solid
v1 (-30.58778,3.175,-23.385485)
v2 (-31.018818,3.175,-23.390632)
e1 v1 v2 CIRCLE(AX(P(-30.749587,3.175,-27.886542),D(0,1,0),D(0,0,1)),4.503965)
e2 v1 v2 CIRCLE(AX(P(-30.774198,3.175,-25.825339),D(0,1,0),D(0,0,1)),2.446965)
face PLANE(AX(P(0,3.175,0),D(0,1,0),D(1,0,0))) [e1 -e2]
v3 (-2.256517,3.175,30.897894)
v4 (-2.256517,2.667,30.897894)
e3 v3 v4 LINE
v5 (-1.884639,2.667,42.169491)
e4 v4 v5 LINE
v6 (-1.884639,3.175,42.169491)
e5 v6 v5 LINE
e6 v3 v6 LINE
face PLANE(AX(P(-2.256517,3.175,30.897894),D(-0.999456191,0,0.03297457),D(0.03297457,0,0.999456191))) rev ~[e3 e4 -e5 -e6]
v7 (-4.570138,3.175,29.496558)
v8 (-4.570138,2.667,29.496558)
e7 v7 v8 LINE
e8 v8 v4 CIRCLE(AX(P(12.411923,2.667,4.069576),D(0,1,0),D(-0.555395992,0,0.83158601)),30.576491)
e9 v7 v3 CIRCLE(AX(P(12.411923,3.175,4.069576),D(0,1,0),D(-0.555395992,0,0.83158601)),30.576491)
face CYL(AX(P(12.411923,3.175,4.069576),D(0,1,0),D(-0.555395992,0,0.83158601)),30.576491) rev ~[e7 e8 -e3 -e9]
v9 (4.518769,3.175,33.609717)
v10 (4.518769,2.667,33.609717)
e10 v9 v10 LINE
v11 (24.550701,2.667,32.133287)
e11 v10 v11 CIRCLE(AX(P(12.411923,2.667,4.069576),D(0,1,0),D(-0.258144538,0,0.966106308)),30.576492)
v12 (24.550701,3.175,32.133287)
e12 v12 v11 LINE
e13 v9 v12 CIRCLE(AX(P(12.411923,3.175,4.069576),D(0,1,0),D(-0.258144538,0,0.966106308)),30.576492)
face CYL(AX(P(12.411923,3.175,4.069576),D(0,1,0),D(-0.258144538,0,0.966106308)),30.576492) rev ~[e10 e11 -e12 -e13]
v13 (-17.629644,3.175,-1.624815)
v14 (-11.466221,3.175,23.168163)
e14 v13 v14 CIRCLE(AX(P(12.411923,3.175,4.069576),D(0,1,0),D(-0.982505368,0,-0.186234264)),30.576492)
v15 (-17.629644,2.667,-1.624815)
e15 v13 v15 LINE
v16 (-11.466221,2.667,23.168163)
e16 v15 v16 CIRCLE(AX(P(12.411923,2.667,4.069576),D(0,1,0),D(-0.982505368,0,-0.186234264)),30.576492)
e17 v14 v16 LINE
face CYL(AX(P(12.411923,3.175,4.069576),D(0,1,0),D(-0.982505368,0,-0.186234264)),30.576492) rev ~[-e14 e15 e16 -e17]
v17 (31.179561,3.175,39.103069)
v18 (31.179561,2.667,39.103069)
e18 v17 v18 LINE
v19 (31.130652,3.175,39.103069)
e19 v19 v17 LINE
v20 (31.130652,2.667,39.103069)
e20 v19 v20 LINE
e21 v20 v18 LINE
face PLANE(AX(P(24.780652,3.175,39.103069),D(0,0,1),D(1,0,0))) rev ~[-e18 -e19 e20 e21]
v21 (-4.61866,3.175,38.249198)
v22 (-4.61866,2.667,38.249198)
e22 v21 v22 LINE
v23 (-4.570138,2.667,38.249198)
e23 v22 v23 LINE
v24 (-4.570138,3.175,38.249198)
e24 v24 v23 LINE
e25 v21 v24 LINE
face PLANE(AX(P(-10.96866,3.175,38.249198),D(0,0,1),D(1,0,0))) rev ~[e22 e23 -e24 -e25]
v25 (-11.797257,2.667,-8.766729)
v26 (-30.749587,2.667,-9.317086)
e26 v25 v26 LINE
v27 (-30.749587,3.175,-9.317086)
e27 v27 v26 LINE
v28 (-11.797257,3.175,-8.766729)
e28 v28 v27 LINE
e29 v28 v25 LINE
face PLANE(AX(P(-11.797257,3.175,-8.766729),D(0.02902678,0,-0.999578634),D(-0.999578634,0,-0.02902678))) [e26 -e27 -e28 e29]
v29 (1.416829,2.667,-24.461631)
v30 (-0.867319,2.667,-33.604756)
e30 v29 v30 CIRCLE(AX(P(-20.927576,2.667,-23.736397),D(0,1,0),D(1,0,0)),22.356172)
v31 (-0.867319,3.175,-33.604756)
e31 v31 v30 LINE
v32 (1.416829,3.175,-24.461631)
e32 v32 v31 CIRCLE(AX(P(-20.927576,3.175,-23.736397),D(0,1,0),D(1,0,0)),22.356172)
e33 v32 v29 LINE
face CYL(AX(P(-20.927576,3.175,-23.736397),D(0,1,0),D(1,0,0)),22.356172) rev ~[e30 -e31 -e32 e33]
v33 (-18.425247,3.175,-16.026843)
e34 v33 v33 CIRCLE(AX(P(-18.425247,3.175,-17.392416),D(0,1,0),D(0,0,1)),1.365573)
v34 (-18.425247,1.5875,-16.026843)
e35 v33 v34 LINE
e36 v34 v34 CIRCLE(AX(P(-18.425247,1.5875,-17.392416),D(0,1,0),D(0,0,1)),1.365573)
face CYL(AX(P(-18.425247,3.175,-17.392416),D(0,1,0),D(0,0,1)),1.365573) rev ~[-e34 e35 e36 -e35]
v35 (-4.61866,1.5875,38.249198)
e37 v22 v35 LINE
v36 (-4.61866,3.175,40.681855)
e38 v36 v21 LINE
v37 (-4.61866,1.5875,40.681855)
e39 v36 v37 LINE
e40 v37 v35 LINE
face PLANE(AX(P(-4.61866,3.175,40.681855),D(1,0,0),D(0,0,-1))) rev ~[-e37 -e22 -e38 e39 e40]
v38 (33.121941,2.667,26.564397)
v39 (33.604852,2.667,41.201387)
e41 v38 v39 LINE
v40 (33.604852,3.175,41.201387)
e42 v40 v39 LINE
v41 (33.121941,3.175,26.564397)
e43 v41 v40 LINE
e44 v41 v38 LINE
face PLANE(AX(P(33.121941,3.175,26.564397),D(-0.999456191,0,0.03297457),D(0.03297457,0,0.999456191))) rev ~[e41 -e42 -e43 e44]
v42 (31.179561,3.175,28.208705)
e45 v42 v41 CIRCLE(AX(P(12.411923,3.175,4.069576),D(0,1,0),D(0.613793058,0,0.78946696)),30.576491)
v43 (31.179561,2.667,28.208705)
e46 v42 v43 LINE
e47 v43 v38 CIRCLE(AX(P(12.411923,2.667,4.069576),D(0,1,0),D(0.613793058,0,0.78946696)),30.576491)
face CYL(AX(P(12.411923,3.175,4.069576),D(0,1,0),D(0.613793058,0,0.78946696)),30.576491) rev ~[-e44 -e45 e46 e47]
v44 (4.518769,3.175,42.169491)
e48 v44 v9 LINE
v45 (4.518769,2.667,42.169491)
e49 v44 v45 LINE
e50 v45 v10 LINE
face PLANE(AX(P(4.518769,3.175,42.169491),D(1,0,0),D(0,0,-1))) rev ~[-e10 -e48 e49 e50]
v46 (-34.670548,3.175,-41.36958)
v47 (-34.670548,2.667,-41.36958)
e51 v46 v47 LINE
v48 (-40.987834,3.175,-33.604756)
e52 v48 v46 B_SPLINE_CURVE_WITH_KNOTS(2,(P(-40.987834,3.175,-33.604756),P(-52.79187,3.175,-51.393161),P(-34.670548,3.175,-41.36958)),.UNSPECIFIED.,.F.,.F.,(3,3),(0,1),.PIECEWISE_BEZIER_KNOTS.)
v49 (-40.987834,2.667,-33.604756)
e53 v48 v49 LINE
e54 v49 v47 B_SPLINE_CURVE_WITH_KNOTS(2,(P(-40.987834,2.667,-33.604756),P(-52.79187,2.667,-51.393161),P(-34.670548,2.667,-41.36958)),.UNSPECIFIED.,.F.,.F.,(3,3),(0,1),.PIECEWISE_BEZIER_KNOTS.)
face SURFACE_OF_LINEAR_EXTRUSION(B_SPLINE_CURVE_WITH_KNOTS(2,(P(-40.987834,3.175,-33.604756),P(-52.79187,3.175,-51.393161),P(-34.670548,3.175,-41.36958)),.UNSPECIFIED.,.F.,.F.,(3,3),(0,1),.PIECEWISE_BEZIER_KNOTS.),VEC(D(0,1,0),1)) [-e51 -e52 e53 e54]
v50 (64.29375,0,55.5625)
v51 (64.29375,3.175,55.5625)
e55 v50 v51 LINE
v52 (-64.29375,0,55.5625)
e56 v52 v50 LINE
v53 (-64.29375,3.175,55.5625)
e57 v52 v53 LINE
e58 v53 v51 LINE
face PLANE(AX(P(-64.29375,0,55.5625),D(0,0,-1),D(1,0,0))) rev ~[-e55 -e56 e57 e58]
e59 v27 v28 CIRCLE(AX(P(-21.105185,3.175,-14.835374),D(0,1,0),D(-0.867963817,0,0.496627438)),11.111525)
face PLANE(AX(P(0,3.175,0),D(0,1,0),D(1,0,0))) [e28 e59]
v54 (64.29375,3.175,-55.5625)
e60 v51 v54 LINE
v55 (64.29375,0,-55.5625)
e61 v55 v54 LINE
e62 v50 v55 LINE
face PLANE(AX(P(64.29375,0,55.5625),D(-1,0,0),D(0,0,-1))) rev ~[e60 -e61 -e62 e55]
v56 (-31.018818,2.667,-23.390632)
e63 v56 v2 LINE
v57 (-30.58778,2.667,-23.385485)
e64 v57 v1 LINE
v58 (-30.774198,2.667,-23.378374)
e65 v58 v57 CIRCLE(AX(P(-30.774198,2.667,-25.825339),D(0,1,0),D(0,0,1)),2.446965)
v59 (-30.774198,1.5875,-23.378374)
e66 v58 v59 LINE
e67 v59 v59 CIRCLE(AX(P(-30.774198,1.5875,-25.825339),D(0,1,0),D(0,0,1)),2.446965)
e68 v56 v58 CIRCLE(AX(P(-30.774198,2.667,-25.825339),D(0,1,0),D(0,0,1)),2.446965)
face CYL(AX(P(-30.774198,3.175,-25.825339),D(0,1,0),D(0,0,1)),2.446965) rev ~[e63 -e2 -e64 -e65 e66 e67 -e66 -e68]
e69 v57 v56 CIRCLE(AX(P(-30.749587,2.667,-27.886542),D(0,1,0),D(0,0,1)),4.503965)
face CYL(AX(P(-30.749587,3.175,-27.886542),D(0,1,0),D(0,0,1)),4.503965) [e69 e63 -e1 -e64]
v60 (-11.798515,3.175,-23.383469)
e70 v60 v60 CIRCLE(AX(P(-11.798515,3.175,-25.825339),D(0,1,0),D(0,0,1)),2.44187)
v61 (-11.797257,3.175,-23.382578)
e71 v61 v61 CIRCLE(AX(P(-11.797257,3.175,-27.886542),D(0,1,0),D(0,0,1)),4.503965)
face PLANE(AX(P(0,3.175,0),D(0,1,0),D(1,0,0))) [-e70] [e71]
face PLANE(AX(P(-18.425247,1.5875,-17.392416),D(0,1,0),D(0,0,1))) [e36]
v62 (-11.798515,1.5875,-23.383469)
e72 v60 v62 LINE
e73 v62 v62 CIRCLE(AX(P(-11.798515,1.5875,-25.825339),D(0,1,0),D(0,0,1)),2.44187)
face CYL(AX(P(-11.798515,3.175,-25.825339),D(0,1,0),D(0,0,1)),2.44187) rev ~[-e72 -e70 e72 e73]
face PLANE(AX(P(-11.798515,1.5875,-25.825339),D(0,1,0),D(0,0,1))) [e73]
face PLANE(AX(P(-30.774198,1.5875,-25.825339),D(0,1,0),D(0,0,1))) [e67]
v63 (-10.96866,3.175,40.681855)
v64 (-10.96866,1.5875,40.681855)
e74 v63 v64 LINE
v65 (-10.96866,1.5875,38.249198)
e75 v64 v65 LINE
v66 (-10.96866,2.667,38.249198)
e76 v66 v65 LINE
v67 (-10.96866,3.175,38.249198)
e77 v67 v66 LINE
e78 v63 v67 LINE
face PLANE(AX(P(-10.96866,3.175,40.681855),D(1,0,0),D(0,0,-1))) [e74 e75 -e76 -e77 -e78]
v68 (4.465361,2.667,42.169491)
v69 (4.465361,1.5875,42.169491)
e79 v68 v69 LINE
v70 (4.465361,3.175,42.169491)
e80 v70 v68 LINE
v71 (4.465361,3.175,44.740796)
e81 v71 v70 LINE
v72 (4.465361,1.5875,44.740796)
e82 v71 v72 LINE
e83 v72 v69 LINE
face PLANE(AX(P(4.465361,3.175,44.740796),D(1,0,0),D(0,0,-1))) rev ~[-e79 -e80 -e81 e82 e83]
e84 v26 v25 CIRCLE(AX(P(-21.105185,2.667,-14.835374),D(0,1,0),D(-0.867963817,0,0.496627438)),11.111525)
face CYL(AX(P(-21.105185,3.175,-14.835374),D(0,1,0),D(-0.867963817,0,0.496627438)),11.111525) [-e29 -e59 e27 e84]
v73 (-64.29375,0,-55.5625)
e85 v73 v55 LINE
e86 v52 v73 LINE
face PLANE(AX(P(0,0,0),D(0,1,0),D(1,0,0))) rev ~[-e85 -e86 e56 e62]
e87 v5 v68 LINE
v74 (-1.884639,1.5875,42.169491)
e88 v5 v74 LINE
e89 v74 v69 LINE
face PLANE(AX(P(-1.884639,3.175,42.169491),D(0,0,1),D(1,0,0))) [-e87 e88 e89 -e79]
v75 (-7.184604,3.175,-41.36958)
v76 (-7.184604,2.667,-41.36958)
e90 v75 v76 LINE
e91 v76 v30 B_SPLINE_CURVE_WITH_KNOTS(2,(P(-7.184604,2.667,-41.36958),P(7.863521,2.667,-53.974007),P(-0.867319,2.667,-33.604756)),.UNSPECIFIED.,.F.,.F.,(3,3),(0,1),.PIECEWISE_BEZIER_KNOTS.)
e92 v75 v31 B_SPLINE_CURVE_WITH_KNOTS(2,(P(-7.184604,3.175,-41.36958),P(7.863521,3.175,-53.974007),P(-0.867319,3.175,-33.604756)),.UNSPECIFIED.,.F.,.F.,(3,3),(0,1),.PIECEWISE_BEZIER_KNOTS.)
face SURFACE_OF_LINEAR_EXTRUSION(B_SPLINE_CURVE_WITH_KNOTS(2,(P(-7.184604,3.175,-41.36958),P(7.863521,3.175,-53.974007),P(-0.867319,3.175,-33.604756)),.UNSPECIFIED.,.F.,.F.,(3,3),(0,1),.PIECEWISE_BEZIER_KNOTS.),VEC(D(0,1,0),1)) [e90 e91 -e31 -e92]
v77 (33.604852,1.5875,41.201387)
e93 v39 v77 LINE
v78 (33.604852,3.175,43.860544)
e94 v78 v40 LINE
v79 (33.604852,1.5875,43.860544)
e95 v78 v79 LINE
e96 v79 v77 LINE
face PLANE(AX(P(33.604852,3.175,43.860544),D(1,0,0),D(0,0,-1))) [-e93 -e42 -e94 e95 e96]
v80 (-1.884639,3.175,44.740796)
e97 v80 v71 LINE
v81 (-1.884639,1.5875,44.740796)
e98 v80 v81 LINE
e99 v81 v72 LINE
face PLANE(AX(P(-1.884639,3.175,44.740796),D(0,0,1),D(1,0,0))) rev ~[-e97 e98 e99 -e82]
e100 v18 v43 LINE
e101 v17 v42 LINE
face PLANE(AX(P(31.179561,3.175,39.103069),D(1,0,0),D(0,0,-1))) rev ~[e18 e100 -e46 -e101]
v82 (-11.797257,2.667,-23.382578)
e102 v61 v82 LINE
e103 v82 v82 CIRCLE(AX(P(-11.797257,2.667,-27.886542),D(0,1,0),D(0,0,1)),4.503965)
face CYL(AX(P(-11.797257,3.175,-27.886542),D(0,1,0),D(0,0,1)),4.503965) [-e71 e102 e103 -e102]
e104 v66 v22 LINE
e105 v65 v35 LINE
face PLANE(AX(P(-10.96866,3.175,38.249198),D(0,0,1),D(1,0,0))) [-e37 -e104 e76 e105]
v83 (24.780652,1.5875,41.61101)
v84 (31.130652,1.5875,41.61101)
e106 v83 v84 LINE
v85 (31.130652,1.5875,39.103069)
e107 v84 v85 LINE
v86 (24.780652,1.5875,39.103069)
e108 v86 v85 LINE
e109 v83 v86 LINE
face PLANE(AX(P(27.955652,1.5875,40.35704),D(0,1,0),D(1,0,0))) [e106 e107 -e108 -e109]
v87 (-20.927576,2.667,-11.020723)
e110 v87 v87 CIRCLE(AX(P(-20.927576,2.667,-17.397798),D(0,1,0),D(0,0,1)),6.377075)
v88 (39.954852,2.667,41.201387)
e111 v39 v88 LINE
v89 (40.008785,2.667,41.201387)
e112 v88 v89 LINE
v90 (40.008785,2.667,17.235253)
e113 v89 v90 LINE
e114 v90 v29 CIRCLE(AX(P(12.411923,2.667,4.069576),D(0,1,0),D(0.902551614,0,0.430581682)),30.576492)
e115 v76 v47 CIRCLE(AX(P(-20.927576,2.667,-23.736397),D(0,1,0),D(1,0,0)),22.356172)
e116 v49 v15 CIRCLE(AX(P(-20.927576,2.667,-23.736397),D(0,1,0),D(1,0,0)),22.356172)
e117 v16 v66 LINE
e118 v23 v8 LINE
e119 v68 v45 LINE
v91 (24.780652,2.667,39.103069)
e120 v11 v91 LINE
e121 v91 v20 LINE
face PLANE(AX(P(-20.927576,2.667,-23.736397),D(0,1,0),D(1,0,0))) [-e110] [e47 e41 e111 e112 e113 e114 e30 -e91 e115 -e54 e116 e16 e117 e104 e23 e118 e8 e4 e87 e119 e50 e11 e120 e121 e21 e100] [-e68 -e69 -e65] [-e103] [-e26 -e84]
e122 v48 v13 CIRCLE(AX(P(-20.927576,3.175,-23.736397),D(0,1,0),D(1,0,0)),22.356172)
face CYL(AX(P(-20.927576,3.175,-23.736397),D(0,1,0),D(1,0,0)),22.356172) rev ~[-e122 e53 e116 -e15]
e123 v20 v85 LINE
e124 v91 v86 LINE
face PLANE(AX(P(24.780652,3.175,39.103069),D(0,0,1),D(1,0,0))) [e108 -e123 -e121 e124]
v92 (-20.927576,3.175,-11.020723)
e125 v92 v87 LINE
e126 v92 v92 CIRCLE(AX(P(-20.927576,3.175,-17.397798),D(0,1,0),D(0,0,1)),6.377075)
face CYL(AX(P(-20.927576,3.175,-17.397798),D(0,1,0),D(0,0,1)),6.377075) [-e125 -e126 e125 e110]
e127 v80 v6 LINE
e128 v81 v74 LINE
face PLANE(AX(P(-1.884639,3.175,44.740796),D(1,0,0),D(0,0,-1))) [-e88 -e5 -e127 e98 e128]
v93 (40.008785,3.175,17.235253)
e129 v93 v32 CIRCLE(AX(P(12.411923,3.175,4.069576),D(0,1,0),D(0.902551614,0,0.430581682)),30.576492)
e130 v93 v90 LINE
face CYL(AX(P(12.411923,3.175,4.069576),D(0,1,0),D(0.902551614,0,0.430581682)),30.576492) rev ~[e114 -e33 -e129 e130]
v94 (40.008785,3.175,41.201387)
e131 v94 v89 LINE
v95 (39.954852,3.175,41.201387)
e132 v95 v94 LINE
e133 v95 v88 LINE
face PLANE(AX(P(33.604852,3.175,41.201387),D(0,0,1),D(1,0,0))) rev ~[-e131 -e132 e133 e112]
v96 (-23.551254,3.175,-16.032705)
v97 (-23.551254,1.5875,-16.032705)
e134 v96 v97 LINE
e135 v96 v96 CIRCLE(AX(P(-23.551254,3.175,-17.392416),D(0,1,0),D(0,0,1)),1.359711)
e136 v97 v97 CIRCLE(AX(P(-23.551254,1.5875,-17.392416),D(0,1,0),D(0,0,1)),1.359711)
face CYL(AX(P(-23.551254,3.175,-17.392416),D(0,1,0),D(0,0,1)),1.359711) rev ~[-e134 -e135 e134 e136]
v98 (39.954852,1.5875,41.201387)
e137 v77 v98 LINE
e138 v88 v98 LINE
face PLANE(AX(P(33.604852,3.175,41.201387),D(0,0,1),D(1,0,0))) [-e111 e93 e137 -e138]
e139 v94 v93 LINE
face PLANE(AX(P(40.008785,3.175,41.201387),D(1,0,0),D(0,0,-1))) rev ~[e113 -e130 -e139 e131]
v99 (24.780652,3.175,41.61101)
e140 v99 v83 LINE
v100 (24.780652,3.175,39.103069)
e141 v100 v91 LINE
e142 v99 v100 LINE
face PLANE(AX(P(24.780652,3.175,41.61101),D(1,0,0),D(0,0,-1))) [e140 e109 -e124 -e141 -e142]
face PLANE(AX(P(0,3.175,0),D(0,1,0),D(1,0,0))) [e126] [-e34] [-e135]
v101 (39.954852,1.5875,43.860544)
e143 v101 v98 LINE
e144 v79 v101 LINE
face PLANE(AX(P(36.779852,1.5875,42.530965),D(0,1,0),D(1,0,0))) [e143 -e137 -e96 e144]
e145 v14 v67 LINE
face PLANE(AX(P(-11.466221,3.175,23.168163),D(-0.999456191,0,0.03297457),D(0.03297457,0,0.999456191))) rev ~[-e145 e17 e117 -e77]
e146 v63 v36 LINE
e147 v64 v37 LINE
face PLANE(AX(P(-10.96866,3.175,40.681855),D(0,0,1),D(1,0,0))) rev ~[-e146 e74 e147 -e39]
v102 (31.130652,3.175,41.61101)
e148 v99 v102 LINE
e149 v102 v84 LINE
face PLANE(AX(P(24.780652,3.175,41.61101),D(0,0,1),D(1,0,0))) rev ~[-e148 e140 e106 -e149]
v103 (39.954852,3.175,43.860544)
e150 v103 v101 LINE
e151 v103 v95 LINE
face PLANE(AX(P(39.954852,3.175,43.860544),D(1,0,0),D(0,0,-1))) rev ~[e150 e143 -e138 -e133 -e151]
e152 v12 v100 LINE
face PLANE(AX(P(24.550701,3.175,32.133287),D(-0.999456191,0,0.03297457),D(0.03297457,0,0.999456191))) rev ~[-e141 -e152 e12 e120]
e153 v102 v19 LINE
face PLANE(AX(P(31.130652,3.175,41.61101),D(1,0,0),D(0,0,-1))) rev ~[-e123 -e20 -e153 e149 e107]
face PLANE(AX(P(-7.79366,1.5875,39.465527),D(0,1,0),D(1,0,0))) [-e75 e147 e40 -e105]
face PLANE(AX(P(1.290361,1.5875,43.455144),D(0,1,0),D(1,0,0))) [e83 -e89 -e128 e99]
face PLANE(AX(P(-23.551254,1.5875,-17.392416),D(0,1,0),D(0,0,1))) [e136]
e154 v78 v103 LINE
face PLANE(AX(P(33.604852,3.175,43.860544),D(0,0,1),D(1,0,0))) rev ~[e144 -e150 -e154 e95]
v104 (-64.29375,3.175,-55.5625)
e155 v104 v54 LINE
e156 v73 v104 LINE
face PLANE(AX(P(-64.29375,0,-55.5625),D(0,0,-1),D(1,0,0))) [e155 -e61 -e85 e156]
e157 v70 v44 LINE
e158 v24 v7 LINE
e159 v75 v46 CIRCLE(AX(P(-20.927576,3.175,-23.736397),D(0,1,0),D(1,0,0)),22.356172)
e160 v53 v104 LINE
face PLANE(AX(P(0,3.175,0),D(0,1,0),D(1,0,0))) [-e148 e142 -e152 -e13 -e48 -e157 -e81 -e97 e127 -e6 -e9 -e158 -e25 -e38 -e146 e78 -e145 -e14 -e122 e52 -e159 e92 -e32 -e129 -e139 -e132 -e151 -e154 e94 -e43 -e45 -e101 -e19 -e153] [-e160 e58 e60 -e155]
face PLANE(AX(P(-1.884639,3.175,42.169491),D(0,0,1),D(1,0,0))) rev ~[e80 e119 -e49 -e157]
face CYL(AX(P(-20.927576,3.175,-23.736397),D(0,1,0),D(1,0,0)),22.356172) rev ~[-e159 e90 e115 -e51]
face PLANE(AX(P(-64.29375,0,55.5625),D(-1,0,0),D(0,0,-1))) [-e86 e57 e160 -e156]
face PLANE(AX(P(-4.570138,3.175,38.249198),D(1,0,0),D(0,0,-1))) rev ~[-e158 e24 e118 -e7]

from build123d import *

# Parameters (mm, degrees)
SKETCH1_W           = 128.5875
SKETCH1_H           = 111.125
BOSS_EXTRUDE1_DEPTH = 3.175
SKETCH2_R           = 4.503964563
SKETCH2_R_2         = 6.377074628
CUT_EXTRUDE1_DEPTH  = 0.508
SKETCH4_R           = 2.446965281
SKETCH4_R_2         = 2.441870248
SKETCH4_R_3         = 1.365573368
SKETCH4_R_4         = 1.359710966
SKETCH4_W           = 6.35
SKETCH4_H           = 2.432656747
SKETCH4_H_2         = 2.571304572
SKETCH4_H_3         = 2.507941143
SKETCH4_H_4         = 2.659157088
CUT_EXTRUDE11_DEPTH = 1.5875


with BuildPart() as part:
    # Sketch1 → Boss-Extrude1 (new body)
    with BuildSketch(Plane(origin=(0, 0, 0), x_dir=(1, 0, 0), z_dir=(0, 1, 0))):
        Rectangle(SKETCH1_W, SKETCH1_H)
    extrude(amount=BOSS_EXTRUDE1_DEPTH)

    # Sketch2 → Cut-Extrude1 (cut)
    with BuildSketch(Plane(origin=(0, 3.175, 0), x_dir=(1, 0, 0), z_dir=(0, 1, 0))):
        with BuildLine():
            Line((-11.466221212, -23.168163392), (-10.968659983, -38.249198381))
            Line((-10.968659983, -38.249198381), (-4.570137716, -38.249198381))
            Line((-4.570137716, -38.249198381), (-4.570137716, -29.496558138))
            ThreePointArc((-4.570137716, -29.496558138), (-3.428830963, -30.22282284), (-2.256517086, -30.897894461))
            Line((-2.256517086, -30.897894461), (-1.884638787, -42.169491419))
            Line((-1.884638787, -42.169491419), (4.518768835, -42.169491419))
            Line((4.518768835, -42.169491419), (4.518768835, -33.609716863))
            ThreePointArc((4.518768835, -33.609716863), (14.659430985, -34.563354284), (24.550701184, -32.133286996))
            Line((24.550701184, -32.133286996), (24.780651804, -39.103069122))
            Line((24.780651804, -39.103069122), (31.179561384, -39.103069122))
            Line((31.179561384, -39.103069122), (31.179561384, -28.20870534))
            ThreePointArc((31.179561384, -28.20870534), (32.167865558, -27.406768429), (33.121940536, -26.564397437))
            Line((33.121940536, -26.564397437), (33.604851579, -41.201386667))
            Line((33.604851579, -41.201386667), (40.008784891, -41.201386667))
            Line((40.008784891, -41.201386667), (40.008784891, -17.235252664))
            ThreePointArc((40.008784891, -17.235252664), (34.852114754, 16.699623637), (1.416829228, 24.461630995))
            ThreePointArc((1.416829228, 24.461630995), (0.762007357, 29.154919286), (-0.867318981, 33.604755502))
            add(Edge.make_bspline(
                [(-7.184604133, 41.369579914), (7.863520936, 53.974007146), (-0.867318981, 33.604755502)],
                knots=[0, 0, 0, 1, 1, 1], degree=2))
            ThreePointArc((-7.184604133, 41.369579914), (-20.92757631, 46.092568948), (-34.670548488, 41.369579914))
            add(Edge.make_bspline(
                [(-40.987833639, 33.604755502), (-52.791869615, 51.393160856), (-34.670548488, 41.369579914)],
                knots=[0, 0, 0, 1, 1, 1], degree=2))
            ThreePointArc((-40.987833639, 33.604755502), (-38.980914938, 10.550215331), (-17.629643976, 1.624814864))
            ThreePointArc((-17.629643976, 1.624814864), (-17.261411086, -11.446232799), (-11.466221212, -23.168163392))
        make_face()
        with Locations((-11.797256967, 27.886542178)):
            Circle(SKETCH2_R, mode=Mode.SUBTRACT)
        with Locations((-30.749586512, 27.886542178)):
            Circle(SKETCH2_R, mode=Mode.SUBTRACT)
        with BuildLine():
            ThreePointArc((-11.797256967, 8.766728526), (-21.427716956, 3.728530924), (-30.749586512, 9.317085534))
            Line((-30.749586512, 9.317085534), (-11.797256967, 8.766728526))
        make_face(mode=Mode.SUBTRACT)
        with Locations((-20.92757631, 17.39779757)):
            Circle(SKETCH2_R_2, mode=Mode.SUBTRACT)
    extrude(amount=-CUT_EXTRUDE1_DEPTH, mode=Mode.SUBTRACT)

    # Sketch4 → Cut-Extrude11 (cut)
    with BuildSketch(Plane(origin=(0, 3.175, 0), x_dir=(1, 0, 0), z_dir=(0, 1, 0))):
        with Locations((-30.774197511, 25.825339041)):
            Circle(SKETCH4_R)
        with Locations((-11.798514882, 25.825339041)):
            Circle(SKETCH4_R_2)
        with Locations((-18.425247422, 17.392416095)):
            Circle(SKETCH4_R_3)
        with Locations((-23.55125419, 17.392416095)):
            Circle(SKETCH4_R_4)
        with Locations((-7.793659983, -39.465526755)):
            Rectangle(SKETCH4_W, SKETCH4_H)
        with Locations((1.290361213, -43.455143705)):
            Rectangle(SKETCH4_W, SKETCH4_H_2)
        with Locations((27.955651804, -40.357039693)):
            Rectangle(SKETCH4_W, SKETCH4_H_3)
        with Locations((36.779851579, -42.530965211)):
            Rectangle(SKETCH4_W, SKETCH4_H_4)
    extrude(amount=-CUT_EXTRUDE11_DEPTH, mode=Mode.SUBTRACT)


solid = part.part
